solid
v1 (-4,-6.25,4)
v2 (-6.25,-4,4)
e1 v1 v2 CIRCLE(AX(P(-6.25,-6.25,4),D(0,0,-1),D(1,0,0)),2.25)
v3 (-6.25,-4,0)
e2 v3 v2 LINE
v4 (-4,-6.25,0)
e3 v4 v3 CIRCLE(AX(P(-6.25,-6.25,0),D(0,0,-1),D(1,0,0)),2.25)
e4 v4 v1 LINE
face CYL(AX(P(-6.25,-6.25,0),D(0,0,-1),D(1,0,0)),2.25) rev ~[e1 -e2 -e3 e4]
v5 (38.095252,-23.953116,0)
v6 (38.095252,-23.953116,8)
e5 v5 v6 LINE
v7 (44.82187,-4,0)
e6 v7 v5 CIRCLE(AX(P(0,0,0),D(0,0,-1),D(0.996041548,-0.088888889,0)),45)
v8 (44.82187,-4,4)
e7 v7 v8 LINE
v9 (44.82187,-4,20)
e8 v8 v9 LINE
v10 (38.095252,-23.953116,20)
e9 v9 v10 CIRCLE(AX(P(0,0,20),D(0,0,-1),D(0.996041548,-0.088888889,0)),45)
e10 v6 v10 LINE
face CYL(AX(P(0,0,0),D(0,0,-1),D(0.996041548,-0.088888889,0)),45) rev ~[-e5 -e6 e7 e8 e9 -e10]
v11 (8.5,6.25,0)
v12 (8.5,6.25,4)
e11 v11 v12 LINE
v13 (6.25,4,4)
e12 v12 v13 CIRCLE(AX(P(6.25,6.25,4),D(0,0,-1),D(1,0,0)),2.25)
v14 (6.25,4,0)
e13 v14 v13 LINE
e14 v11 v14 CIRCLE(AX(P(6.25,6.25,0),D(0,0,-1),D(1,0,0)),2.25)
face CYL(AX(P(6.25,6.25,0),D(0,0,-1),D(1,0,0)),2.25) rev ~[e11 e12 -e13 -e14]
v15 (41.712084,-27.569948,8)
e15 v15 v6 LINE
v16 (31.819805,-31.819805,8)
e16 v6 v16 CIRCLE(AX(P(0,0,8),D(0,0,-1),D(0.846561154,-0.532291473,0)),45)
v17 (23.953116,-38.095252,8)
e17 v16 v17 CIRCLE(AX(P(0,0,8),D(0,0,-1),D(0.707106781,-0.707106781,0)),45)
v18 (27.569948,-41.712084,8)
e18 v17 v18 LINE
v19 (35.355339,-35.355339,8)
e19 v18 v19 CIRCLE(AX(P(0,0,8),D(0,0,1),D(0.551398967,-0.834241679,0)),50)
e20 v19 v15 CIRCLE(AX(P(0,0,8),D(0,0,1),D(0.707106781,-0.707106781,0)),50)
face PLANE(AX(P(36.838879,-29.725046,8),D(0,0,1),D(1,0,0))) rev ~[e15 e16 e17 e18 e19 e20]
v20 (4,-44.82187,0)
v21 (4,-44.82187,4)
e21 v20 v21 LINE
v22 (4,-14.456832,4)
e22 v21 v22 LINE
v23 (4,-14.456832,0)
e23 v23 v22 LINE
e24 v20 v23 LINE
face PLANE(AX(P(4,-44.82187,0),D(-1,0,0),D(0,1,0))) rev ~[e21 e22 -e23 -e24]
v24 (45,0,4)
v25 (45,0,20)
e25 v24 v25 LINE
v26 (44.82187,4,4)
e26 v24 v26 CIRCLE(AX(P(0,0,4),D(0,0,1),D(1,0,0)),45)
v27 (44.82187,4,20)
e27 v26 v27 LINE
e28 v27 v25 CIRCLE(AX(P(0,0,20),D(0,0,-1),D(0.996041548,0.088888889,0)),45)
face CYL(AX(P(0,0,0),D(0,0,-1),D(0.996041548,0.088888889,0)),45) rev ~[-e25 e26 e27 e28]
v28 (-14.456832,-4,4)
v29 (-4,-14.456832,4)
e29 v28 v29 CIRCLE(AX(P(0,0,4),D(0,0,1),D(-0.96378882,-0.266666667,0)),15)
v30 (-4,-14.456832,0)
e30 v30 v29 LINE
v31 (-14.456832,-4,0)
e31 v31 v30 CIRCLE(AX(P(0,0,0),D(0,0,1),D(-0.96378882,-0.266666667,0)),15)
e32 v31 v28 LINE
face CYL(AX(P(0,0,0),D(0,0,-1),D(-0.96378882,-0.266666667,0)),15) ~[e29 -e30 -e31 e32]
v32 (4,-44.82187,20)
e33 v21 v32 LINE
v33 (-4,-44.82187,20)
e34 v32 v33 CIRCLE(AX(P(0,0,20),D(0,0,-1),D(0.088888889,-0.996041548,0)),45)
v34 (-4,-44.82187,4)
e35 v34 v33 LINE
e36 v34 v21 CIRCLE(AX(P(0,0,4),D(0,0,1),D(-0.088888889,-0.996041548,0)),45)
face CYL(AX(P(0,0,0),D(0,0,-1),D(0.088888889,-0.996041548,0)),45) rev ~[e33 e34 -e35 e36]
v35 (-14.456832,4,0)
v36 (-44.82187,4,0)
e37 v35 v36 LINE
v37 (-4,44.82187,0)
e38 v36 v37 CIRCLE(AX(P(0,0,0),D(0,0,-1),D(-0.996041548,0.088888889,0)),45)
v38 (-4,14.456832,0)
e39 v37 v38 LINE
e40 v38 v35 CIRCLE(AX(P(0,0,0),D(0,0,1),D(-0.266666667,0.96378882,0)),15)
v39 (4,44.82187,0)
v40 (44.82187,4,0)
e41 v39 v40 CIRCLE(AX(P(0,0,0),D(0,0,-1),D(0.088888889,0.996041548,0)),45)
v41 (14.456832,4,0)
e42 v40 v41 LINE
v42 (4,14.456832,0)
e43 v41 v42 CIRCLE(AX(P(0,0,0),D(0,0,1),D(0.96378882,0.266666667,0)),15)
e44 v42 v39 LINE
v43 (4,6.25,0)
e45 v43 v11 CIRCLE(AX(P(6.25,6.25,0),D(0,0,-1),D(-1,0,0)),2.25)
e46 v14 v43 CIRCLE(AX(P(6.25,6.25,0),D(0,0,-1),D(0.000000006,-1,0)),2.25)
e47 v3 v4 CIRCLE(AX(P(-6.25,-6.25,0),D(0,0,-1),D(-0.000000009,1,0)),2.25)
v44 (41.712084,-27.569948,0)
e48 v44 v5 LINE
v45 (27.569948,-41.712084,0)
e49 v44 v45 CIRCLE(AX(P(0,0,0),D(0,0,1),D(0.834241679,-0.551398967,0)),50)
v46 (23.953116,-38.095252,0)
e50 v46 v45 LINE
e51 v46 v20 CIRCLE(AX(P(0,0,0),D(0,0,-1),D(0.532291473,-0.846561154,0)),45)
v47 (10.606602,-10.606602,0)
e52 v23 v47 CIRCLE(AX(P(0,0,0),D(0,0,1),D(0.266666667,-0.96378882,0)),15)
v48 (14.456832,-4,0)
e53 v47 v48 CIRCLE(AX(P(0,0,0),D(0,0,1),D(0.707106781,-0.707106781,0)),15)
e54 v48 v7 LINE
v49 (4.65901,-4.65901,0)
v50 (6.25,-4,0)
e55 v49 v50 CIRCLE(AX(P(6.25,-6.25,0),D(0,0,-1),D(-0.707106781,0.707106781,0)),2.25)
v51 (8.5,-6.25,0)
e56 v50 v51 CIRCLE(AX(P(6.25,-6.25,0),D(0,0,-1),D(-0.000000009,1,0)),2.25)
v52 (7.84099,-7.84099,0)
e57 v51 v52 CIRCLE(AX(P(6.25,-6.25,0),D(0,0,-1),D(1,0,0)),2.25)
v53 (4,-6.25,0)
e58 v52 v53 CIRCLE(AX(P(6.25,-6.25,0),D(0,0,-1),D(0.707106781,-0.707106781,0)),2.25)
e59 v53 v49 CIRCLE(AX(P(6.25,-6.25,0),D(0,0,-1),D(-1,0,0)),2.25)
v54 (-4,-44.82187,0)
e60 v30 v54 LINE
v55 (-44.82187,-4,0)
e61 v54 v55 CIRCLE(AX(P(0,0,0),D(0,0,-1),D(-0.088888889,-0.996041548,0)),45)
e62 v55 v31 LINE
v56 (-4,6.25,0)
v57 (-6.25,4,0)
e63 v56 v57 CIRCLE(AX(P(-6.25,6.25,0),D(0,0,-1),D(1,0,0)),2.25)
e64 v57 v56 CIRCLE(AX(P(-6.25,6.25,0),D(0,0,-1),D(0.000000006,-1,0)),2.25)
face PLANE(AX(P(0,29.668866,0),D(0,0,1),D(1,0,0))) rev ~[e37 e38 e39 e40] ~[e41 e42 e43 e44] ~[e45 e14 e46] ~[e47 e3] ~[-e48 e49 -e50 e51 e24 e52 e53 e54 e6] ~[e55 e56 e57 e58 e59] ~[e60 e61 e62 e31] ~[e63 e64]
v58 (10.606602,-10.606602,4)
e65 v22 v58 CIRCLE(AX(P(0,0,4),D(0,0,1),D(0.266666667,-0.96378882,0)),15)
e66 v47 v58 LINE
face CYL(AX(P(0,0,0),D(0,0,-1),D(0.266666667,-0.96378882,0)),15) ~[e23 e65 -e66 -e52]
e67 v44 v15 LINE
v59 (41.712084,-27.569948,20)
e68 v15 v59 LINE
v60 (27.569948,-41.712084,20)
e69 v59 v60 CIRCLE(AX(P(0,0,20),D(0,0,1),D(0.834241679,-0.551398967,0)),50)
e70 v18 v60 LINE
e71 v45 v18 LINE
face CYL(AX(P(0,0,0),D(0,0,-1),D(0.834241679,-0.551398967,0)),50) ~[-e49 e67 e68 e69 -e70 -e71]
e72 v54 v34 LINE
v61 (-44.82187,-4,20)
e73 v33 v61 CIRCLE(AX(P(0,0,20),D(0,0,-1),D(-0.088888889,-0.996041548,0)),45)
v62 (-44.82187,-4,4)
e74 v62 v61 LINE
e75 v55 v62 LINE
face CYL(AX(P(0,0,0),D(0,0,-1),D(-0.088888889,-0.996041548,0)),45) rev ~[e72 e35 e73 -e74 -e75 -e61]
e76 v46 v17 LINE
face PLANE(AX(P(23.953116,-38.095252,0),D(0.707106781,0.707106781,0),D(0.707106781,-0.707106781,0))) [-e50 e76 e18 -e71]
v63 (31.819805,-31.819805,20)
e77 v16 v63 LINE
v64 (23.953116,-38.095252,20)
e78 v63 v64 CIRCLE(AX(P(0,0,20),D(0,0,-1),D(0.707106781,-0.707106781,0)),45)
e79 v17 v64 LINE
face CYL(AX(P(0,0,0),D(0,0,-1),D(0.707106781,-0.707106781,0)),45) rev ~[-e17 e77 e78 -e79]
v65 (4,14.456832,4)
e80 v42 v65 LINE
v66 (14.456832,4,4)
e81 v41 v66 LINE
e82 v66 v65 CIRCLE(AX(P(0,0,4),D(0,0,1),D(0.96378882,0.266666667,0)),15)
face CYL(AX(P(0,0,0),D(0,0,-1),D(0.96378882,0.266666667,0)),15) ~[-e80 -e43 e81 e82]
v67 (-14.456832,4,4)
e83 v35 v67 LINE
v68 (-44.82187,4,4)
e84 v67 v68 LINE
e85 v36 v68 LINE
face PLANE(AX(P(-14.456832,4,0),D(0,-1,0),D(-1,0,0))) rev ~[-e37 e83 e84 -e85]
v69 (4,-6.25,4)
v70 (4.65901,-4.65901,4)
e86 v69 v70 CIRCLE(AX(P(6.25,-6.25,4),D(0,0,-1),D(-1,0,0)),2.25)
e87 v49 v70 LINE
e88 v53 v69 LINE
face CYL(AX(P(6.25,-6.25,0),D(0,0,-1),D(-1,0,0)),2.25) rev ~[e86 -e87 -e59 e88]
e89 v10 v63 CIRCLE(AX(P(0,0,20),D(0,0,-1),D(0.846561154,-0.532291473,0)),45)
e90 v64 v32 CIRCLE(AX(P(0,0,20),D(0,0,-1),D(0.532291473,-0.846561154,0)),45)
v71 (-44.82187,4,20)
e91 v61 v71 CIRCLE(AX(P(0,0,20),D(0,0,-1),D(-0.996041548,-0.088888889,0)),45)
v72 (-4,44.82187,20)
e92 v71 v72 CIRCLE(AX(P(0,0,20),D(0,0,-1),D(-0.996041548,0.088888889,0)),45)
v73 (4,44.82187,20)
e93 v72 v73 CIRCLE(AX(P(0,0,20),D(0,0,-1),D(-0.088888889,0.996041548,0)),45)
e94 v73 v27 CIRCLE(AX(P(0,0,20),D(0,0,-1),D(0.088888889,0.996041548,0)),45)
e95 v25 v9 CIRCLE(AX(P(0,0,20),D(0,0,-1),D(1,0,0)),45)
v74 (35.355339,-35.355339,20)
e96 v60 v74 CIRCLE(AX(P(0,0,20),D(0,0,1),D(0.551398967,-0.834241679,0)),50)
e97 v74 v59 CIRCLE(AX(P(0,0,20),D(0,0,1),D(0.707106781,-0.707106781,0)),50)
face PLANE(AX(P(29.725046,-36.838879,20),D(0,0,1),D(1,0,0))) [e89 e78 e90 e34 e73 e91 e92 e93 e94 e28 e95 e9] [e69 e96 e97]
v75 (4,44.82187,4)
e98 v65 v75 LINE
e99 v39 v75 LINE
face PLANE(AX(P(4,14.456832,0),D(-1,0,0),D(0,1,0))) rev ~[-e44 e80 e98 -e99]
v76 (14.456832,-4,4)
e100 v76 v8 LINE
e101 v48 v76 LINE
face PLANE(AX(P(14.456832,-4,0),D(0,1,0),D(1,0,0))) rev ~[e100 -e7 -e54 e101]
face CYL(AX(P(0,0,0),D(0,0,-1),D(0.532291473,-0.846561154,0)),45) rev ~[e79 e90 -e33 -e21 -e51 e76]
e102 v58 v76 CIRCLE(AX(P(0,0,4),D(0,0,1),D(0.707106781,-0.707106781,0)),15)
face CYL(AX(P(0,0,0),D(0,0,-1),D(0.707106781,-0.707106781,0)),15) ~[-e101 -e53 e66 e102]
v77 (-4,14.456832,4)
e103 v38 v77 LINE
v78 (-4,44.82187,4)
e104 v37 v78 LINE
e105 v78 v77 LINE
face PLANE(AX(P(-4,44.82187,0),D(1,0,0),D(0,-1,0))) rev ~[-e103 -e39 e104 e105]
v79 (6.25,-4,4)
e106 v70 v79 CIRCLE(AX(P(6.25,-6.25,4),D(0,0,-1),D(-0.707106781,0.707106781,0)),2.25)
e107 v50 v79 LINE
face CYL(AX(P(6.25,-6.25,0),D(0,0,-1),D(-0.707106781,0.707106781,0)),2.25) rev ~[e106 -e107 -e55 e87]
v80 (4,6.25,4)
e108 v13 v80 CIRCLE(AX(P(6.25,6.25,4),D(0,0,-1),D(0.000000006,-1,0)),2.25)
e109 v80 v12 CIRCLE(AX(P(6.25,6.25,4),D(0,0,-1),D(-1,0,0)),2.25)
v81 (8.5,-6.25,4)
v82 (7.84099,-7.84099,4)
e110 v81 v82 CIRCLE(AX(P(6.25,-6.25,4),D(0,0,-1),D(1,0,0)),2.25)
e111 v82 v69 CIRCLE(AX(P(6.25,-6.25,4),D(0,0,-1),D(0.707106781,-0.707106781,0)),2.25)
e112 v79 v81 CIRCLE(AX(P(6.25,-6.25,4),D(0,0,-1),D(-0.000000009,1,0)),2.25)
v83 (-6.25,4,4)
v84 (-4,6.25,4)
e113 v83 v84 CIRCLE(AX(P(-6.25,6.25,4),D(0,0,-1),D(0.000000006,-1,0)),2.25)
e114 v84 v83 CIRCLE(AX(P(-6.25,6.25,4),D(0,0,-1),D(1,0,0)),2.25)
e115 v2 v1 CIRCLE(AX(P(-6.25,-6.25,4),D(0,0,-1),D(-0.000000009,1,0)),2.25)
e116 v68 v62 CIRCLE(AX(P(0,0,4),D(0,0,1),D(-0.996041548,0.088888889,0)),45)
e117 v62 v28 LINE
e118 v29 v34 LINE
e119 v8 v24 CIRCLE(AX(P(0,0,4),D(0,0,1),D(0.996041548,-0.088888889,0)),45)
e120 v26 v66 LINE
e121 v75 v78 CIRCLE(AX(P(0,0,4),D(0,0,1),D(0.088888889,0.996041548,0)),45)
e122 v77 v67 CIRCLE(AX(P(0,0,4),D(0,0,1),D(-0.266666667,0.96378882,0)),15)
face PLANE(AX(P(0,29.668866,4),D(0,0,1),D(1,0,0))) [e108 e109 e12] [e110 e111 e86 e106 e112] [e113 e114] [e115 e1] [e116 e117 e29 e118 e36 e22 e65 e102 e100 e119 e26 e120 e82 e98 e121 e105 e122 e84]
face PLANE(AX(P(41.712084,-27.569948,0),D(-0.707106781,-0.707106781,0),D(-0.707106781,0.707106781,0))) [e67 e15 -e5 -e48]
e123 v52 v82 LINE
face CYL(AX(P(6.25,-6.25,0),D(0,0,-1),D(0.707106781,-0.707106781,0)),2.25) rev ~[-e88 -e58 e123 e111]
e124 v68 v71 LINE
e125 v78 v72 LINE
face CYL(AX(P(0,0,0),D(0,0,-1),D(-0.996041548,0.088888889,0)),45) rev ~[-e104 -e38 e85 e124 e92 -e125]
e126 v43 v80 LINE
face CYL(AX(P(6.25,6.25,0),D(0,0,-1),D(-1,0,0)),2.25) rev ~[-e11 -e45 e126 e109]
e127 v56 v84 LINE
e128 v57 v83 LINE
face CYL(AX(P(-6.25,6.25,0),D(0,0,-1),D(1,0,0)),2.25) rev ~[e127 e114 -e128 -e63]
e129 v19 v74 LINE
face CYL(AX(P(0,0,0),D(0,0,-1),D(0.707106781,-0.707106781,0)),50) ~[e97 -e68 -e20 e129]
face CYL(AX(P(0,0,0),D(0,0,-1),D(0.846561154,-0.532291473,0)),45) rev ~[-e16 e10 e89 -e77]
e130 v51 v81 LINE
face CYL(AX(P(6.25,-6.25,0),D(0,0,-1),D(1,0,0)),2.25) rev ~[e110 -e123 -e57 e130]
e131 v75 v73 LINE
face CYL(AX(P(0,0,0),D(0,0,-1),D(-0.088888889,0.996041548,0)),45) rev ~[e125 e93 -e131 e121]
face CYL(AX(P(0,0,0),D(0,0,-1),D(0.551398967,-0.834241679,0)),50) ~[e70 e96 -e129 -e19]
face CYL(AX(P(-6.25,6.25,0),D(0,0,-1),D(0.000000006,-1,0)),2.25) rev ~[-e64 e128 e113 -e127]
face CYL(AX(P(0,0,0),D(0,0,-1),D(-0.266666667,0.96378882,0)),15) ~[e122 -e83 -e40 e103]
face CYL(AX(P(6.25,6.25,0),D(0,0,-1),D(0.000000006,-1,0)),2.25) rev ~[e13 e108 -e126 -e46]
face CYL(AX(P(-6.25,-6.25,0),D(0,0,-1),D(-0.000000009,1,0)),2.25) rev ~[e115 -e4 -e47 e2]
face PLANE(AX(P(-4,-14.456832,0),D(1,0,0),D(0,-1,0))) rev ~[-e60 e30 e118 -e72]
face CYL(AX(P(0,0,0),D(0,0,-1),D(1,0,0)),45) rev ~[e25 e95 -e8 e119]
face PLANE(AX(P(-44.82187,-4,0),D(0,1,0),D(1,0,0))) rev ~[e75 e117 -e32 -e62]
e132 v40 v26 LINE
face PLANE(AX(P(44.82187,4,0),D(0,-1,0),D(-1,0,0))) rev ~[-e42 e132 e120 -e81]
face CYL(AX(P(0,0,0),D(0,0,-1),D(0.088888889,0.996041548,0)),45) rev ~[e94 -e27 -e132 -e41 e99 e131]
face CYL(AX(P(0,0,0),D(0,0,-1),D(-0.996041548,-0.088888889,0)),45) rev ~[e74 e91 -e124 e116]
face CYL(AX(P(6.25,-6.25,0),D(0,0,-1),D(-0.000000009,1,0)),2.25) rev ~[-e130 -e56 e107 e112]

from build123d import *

# Parameters (mm, degrees)
F1_DEPTH = 20
F0_W     = 8
F0_H     = 8
F2_DEPTH = 4
F3_DEPTH = 8


with BuildPart() as f1:
    # F0 (on Top) → F1 (new body)
    with BuildSketch(Plane.XY):
        with BuildLine():
            Line((23.9531163031, -38.0952519268), (27.5699483395, -41.7120839632))
            ThreePointArc((27.5699483395, -41.7120839632), (31.6227766017, -38.7298334621), (35.3553390593, -35.3553390593))
            Line((35.3553390593, -35.3553390593), (31.8198051534, -31.8198051534))
            ThreePointArc((31.8198051534, -31.8198051534), (28.0624304008, -35.1781181987), (23.9531163031, -38.0952519268))
        make_face()
        with BuildLine():
            ThreePointArc((35.3553390593, -35.3553390593), (38.7298334621, -31.6227766017), (41.7120839632, -27.5699483395))
            Line((41.7120839632, -27.5699483395), (38.0952519268, -23.9531163031))
            ThreePointArc((38.0952519268, -23.9531163031), (35.1781181987, -28.0624304008), (31.8198051534, -31.8198051534))
            Line((31.8198051534, -31.8198051534), (35.3553390593, -35.3553390593))
        make_face()
        with BuildLine():
            ThreePointArc((41.7120839632, -27.5699483395), (47.883213124, -14.3943704593), (50, 0))
            ThreePointArc((50, 0), (-44.0369016677, 23.6801877423), (27.5699483395, -41.7120839632))
            Line((27.5699483395, -41.7120839632), (23.9531163031, -38.0952519268))
            ThreePointArc((23.9531163031, -38.0952519268), (14.3755356179, -42.6420446941), (4, -44.821869662))
            ThreePointArc((4, -44.821869662), (0, -45), (-4, -44.821869662))
            ThreePointArc((-4, -44.821869662), (-31.8198051534, -31.8198051534), (-44.821869662, -4))
            ThreePointArc((-44.821869662, -4), (-45, 0), (-44.821869662, 4))
            ThreePointArc((-44.821869662, 4), (-31.8198051534, 31.8198051534), (-4, 44.821869662))
            ThreePointArc((-4, 44.821869662), (0, 45), (4, 44.821869662))
            ThreePointArc((4, 44.821869662), (31.8198051534, 31.8198051534), (44.821869662, 4))
            ThreePointArc((44.821869662, 4), (44.9554453587, 2.0019821688), (45, 0))
            ThreePointArc((45, 0), (44.9554453587, -2.0019821688), (44.821869662, -4))
            ThreePointArc((44.821869662, -4), (42.6420446941, -14.3755356179), (38.0952519268, -23.9531163031))
            Line((38.0952519268, -23.9531163031), (41.7120839632, -27.5699483395))
        make_face()
    extrude(amount=F1_DEPTH)

    # F0 (on Top) → F2 (join)
    with BuildSketch(Plane.XY):
        with BuildLine():
            Line((4, 14.4568322948), (4, 44.821869662))
            ThreePointArc((4, 44.821869662), (0, 45), (-4, 44.821869662))
            Line((-4, 44.821869662), (-4, 14.4568322948))
            ThreePointArc((-4, 14.4568322948), (0, 15), (4, 14.4568322948))
        make_face()
        with BuildLine():
            Line((-4, 4), (4, 4))
            Line((4, 4), (4, 6.25))
            Line((4, 6.25), (4, 14.4568322948))
            ThreePointArc((4, 14.4568322948), (0, 15), (-4, 14.4568322948))
            Line((-4, 14.4568322948), (-4, 6.25))
            Line((-4, 6.25), (-4, 4))
        make_face()
        with BuildLine():
            Line((14.4568322948, -4), (44.821869662, -4))
            ThreePointArc((44.821869662, -4), (44.9554453587, -2.0019821688), (45, 0))
            ThreePointArc((45, 0), (44.9554453587, 2.0019821688), (44.821869662, 4))
            Line((44.821869662, 4), (14.4568322948, 4))
            ThreePointArc((14.4568322948, 4), (14.8635877974, 2.0183552187), (15, 0))
            ThreePointArc((15, 0), (14.8635877974, -2.0183552187), (14.4568322948, -4))
        make_face()
        with BuildLine():
            Line((6.2500000127, 4), (14.4568322948, 4))
            ThreePointArc((14.4568322948, 4), (10.6066017178, 10.6066017178), (4, 14.4568322948))
            Line((4, 14.4568322948), (4, 6.25))
            ThreePointArc((4, 6.25), (6.25, 8.5), (8.5, 6.25))
            ThreePointArc((8.5, 6.25), (7.8409902621, 4.6590097468), (6.2500000127, 4))
        make_face()
        with BuildLine():
            Line((6.2499999791, -4), (14.4568322948, -4))
            ThreePointArc((14.4568322948, -4), (14.8635877974, -2.0183552187), (15, 0))
            ThreePointArc((15, 0), (14.8635877974, 2.0183552187), (14.4568322948, 4))
            Line((14.4568322948, 4), (6.2500000127, 4))
            Line((6.2500000127, 4), (4, 4))
            Line((4, 4), (4, -4))
            Line((4, -4), (6.2499999791, -4))
        make_face()
        with BuildLine():
            Line((4, 6.25), (4, 4))
            Line((4, 4), (6.2500000127, 4))
            ThreePointArc((6.2500000127, 4), (4.6590097468, 4.6590097379), (4, 6.25))
        make_face()
        Rectangle(F0_W, F0_H)
        with BuildLine():
            ThreePointArc((-14.4568322948, 4), (-15, 0), (-14.4568322948, -4))
            Line((-14.4568322948, -4), (-6.2500000209, -4))
            Line((-6.2500000209, -4), (-4, -4))
            Line((-4, -4), (-4, 4))
            Line((-4, 4), (-6.2499999873, 4))
            Line((-6.2499999873, 4), (-14.4568322948, 4))
        make_face()
        with BuildLine():
            ThreePointArc((-4, 14.4568322948), (-10.6066017178, 10.6066017178), (-14.4568322948, 4))
            Line((-14.4568322948, 4), (-6.2499999873, 4))
            ThreePointArc((-6.2499999873, 4), (-7.8409902621, 7.8409902532), (-4, 6.25))
            Line((-4, 6.25), (-4, 14.4568322948))
        make_face()
        with BuildLine():
            ThreePointArc((-14.4568322948, -4), (-10.6066017178, -10.6066017178), (-4, -14.4568322948))
            Line((-4, -14.4568322948), (-4, -6.25))
            ThreePointArc((-4, -6.25), (-7.8409902503, -7.8409902651), (-6.2500000209, -4))
            Line((-6.2500000209, -4), (-14.4568322948, -4))
        make_face()
        with BuildLine():
            Line((4, -4), (4, -6.25))
            ThreePointArc((4, -6.25), (4.1712710518, -5.3889622772), (4.6590097423, -4.6590097423))
            Line((4.6590097423, -4.6590097423), (4, -4))
        make_face()
        with BuildLine():
            ThreePointArc((4, -14.4568322948), (7.5527658715, -12.9597734429), (10.6066017178, -10.6066017178))
            Line((10.6066017178, -10.6066017178), (7.8409902577, -7.8409902577))
            ThreePointArc((7.8409902577, -7.8409902577), (5.3889622772, -8.3287289482), (4, -6.25))
            Line((4, -6.25), (4, -14.4568322948))
        make_face()
        with BuildLine():
            ThreePointArc((-4, -44.821869662), (0, -45), (4, -44.821869662))
            Line((4, -44.821869662), (4, -14.4568322948))
            ThreePointArc((4, -14.4568322948), (0, -15), (-4, -14.4568322948))
            Line((-4, -14.4568322948), (-4, -44.821869662))
        make_face()
        with BuildLine():
            ThreePointArc((-44.821869662, 4), (-45, 0), (-44.821869662, -4))
            Line((-44.821869662, -4), (-14.4568322948, -4))
            ThreePointArc((-14.4568322948, -4), (-15, 0), (-14.4568322948, 4))
            Line((-14.4568322948, 4), (-44.821869662, 4))
        make_face()
        with BuildLine():
            ThreePointArc((-4, -14.4568322948), (0, -15), (4, -14.4568322948))
            Line((4, -14.4568322948), (4, -6.25))
            Line((4, -6.25), (4, -4))
            Line((4, -4), (-4, -4))
            Line((-4, -4), (-4, -6.25))
            Line((-4, -6.25), (-4, -14.4568322948))
        make_face()
        with BuildLine():
            ThreePointArc((-6.2500000209, -4), (-4.6590097497, -4.6590097349), (-4, -6.25))
            Line((-4, -6.25), (-4, -4))
            Line((-4, -4), (-6.2500000209, -4))
        make_face()
        with BuildLine():
            ThreePointArc((-4, 6.25), (-4.6590097379, 4.6590097468), (-6.2499999873, 4))
            Line((-6.2499999873, 4), (-4, 4))
            Line((-4, 4), (-4, 6.25))
        make_face()
        with BuildLine():
            Line((7.8409902577, -7.8409902577), (10.6066017178, -10.6066017178))
            ThreePointArc((10.6066017178, -10.6066017178), (12.9597734429, -7.5527658715), (14.4568322948, -4))
            Line((14.4568322948, -4), (6.2499999791, -4))
            ThreePointArc((6.2499999791, -4), (7.8409902503, -4.6590097349), (8.5, -6.25))
            ThreePointArc((8.5, -6.25), (8.3287289482, -7.1110377228), (7.8409902577, -7.8409902577))
        make_face()
        with BuildLine():
            ThreePointArc((4.6590097423, -4.6590097423), (5.3889622675, -4.1712710559), (6.2499999791, -4))
            Line((6.2499999791, -4), (4, -4))
            Line((4, -4), (4.6590097423, -4.6590097423))
        make_face()
    extrude(amount=F2_DEPTH)

    # F0 (on Top) → F3 (cut)
    with BuildSketch(Plane.XY):
        with BuildLine():
            ThreePointArc((35.3553390593, -35.3553390593), (38.7298334621, -31.6227766017), (41.7120839632, -27.5699483395))
            Line((41.7120839632, -27.5699483395), (38.0952519268, -23.9531163031))
            ThreePointArc((38.0952519268, -23.9531163031), (35.1781181987, -28.0624304008), (31.8198051534, -31.8198051534))
            Line((31.8198051534, -31.8198051534), (35.3553390593, -35.3553390593))
        make_face()
        with BuildLine():
            Line((23.9531163031, -38.0952519268), (27.5699483395, -41.7120839632))
            ThreePointArc((27.5699483395, -41.7120839632), (31.6227766017, -38.7298334621), (35.3553390593, -35.3553390593))
            Line((35.3553390593, -35.3553390593), (31.8198051534, -31.8198051534))
            ThreePointArc((31.8198051534, -31.8198051534), (28.0624304008, -35.1781181987), (23.9531163031, -38.0952519268))
        make_face()
    extrude(amount=F3_DEPTH, mode=Mode.SUBTRACT)


solid = f1.part
